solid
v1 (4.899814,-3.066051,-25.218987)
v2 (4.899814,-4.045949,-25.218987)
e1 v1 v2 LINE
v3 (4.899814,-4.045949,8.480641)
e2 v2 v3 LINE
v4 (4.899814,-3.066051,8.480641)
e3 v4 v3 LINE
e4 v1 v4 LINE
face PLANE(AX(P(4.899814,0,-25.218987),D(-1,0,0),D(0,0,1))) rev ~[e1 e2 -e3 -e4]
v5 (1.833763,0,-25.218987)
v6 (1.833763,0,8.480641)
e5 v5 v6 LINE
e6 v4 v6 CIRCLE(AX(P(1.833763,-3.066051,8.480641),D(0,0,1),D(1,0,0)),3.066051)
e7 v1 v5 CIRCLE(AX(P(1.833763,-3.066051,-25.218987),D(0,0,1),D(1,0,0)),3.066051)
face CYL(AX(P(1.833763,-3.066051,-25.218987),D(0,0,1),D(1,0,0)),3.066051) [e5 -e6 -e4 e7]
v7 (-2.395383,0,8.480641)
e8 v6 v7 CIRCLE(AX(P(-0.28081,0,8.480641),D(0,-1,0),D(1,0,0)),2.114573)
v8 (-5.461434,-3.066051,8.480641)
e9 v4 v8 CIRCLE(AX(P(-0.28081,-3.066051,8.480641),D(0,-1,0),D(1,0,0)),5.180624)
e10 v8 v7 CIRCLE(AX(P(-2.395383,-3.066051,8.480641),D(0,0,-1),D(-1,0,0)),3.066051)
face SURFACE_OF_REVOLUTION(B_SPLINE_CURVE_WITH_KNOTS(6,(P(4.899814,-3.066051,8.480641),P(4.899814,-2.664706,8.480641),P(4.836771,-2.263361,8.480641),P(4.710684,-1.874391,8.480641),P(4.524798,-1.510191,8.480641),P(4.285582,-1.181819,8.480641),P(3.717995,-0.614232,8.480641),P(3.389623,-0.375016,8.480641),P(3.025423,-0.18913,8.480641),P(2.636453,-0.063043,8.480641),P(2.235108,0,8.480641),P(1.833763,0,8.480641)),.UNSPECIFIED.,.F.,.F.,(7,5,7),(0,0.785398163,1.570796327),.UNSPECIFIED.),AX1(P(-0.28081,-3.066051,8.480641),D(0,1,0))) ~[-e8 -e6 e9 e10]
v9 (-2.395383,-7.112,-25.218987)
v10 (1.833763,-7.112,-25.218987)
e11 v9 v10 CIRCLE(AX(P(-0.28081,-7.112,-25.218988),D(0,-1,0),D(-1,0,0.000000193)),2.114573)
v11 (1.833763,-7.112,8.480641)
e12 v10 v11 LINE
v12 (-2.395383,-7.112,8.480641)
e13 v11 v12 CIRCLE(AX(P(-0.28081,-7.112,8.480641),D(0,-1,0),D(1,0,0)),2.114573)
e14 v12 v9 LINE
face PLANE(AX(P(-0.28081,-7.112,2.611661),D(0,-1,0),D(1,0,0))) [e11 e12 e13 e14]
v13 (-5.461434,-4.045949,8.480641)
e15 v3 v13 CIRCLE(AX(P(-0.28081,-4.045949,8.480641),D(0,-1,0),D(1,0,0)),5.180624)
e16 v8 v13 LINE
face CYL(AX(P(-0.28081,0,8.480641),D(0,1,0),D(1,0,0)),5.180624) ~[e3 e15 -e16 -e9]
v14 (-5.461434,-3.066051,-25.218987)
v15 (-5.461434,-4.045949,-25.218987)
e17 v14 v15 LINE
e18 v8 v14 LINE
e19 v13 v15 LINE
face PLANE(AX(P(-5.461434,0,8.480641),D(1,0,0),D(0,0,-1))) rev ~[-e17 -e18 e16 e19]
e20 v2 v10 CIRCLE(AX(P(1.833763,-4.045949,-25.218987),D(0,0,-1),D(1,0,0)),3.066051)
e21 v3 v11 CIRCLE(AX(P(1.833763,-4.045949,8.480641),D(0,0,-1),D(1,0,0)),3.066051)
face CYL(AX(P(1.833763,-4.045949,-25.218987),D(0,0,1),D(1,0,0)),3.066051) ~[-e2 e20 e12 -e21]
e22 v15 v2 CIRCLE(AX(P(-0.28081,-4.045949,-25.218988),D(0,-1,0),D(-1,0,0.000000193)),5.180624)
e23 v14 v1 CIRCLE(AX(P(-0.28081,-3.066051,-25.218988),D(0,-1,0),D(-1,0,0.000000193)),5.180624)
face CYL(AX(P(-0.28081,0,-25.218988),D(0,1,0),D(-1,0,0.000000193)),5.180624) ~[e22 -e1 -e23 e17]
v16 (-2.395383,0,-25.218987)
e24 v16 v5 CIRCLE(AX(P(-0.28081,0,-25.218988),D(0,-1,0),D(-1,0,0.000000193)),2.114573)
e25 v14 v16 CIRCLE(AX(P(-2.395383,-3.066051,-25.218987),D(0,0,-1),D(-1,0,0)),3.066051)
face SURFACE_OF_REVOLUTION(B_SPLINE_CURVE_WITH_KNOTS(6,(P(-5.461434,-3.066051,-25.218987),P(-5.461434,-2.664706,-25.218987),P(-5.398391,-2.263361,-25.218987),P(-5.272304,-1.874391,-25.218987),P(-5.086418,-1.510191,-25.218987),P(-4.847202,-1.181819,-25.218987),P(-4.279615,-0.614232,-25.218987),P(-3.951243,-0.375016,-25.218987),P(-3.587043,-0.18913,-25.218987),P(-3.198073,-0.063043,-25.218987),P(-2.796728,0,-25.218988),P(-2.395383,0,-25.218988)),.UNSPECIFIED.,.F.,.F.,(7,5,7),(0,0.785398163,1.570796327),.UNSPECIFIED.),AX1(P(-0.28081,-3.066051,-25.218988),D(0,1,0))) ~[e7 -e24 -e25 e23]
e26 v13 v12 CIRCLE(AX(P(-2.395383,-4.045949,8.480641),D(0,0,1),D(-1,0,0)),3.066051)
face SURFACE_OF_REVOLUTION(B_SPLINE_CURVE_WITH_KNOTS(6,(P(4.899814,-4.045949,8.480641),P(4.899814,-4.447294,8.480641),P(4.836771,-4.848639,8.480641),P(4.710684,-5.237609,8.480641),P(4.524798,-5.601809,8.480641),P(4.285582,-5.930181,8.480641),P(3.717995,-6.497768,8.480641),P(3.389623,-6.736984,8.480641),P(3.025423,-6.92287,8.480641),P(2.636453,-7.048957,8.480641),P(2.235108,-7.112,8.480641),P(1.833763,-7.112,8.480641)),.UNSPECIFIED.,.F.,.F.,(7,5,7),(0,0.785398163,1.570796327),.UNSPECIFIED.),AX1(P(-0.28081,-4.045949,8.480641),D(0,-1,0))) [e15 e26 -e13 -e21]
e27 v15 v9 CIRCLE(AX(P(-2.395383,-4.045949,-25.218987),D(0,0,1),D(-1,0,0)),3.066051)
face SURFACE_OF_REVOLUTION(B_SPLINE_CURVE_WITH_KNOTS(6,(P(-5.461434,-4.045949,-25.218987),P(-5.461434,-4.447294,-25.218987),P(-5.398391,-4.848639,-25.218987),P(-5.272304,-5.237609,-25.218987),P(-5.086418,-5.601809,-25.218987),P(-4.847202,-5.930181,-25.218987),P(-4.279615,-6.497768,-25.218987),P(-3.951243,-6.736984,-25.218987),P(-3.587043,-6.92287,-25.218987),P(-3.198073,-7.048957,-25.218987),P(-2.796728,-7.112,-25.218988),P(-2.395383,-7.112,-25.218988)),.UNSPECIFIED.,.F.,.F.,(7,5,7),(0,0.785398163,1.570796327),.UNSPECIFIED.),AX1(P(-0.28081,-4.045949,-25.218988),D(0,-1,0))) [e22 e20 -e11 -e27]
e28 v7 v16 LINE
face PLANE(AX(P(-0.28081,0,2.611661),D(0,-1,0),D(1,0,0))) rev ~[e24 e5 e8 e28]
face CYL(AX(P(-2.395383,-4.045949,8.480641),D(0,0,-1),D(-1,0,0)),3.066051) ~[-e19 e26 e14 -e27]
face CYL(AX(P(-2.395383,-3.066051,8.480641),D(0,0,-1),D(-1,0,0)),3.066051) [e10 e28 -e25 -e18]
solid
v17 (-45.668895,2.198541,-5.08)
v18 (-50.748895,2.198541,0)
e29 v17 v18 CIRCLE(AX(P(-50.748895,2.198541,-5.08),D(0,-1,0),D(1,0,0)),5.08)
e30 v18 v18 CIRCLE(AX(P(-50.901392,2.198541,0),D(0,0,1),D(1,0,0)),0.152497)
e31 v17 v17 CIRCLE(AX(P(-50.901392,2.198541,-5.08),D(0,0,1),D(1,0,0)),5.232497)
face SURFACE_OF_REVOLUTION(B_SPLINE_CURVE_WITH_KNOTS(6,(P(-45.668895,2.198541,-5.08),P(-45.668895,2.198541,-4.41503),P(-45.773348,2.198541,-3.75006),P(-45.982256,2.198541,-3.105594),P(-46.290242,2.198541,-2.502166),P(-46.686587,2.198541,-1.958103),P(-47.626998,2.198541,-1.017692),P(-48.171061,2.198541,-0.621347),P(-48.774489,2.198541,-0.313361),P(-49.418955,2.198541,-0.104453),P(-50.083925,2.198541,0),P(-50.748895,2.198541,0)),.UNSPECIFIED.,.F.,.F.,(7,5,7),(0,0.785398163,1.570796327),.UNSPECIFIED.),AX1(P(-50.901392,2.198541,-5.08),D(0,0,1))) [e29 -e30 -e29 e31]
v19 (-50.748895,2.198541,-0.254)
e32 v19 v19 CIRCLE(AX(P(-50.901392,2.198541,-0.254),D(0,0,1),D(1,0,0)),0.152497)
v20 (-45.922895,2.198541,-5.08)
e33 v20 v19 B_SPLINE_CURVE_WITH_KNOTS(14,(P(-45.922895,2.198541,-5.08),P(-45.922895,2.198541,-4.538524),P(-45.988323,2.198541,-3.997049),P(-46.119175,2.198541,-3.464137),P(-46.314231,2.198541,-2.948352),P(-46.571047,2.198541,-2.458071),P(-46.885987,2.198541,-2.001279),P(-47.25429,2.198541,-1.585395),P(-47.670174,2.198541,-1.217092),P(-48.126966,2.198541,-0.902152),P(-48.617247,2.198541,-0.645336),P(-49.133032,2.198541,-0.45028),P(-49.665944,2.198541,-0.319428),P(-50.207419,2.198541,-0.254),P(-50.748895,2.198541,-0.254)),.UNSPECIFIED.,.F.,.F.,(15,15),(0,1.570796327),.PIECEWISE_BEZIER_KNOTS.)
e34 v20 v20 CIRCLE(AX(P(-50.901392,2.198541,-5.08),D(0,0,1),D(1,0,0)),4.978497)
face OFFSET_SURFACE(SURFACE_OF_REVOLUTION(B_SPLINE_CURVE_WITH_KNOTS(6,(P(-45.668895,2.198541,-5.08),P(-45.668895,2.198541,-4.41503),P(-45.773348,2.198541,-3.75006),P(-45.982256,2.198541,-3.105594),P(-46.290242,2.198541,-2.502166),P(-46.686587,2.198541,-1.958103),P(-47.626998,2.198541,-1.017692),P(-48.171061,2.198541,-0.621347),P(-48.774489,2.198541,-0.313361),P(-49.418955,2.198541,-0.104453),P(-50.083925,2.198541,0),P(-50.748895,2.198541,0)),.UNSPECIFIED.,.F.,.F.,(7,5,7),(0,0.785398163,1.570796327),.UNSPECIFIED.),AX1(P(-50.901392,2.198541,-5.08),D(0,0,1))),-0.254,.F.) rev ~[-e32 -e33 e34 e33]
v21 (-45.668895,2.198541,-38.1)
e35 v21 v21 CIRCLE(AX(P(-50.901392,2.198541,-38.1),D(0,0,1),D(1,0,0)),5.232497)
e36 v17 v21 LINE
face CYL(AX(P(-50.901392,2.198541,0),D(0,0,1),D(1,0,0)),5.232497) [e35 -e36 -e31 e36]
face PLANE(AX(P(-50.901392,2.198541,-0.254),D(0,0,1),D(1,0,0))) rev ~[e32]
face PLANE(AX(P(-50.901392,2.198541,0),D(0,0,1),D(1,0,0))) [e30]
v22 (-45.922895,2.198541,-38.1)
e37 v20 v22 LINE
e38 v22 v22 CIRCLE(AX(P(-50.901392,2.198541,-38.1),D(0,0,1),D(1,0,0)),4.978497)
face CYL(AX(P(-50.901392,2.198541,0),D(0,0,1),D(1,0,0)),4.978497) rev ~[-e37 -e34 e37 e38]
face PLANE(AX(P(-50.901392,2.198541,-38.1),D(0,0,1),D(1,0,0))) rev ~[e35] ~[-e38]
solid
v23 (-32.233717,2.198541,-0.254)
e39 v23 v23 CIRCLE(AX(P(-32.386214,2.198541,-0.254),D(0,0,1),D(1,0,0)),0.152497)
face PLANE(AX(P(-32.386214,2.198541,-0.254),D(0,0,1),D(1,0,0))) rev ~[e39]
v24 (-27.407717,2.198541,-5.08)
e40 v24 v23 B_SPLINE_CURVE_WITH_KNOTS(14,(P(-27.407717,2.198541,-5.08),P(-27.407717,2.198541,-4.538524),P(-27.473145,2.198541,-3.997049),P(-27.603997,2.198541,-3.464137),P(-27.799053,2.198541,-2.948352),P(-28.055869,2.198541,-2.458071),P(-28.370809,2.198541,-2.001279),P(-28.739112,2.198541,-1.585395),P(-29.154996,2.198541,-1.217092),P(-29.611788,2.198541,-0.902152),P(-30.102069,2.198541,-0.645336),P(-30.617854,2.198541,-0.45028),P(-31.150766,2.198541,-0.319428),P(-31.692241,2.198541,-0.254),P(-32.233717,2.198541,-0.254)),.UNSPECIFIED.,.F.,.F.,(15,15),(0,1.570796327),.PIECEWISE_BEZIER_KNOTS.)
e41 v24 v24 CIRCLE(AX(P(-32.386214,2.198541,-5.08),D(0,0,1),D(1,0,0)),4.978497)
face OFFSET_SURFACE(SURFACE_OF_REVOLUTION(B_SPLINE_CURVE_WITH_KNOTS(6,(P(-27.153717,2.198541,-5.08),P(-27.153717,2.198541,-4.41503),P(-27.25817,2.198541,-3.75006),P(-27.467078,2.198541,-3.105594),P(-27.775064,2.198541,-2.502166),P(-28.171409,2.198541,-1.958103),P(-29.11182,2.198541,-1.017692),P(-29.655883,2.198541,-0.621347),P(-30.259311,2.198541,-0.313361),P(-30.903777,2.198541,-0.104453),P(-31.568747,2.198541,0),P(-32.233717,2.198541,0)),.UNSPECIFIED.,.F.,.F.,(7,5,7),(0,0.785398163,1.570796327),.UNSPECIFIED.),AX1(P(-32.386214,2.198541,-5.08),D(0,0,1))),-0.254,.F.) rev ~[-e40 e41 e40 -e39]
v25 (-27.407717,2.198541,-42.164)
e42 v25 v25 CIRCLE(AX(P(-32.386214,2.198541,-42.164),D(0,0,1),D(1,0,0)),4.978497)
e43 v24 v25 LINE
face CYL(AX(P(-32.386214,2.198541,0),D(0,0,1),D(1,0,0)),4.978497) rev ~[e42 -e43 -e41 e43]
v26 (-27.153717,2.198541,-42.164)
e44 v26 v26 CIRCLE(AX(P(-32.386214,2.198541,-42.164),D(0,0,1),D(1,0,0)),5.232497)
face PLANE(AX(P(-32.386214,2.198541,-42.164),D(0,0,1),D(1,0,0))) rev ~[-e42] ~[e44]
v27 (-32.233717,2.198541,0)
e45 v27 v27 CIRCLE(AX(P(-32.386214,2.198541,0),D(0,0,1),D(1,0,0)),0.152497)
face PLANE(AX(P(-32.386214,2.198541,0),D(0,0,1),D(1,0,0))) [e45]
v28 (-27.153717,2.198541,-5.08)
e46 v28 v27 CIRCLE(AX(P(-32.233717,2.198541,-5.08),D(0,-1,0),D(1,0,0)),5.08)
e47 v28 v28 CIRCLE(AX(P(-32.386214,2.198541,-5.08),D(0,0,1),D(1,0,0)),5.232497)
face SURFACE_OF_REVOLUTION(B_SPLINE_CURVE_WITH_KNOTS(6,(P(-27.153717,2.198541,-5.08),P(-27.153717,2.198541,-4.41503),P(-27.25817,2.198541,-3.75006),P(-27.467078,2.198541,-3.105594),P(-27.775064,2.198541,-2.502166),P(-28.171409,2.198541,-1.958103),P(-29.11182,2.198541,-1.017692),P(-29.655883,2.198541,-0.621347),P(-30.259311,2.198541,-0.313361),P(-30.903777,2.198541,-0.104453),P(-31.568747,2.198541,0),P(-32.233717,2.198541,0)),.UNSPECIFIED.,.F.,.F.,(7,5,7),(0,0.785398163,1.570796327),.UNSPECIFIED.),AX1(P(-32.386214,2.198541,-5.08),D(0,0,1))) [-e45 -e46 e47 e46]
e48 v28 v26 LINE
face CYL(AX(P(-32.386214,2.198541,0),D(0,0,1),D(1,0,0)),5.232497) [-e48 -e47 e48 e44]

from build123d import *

# Parameters (mm, degrees)
F1_DEPTH = 7.112
F2_R     = 3.066051
F3_R     = 5.232497
F4_DEPTH = 42.164
F5_R     = 5.08
F6_T     = -0.254
F7_DEPTH = 38.1
F8_R     = 5.08
F9_T     = -0.254


with BuildPart() as f1:
    # F0 (on Front) → F1 (new body)
    with BuildSketch(Plane.XZ):
        with BuildLine():
            Line((-5.461434, 8.480641), (-5.461434, -6.32129))
            ThreePointArc((-5.461434, -6.32129), (-0.28081, -1.140666), (4.899814, -6.32129))
            Line((4.899814, -6.32129), (4.899814, 0.661517))
            Line((4.899814, 0.661517), (4.899814, 8.480641))
            ThreePointArc((4.899814, 8.480641), (-0.28081, 13.661265), (-5.461434, 8.480641))
        make_face()
        with BuildLine():
            ThreePointArc((4.899814, -6.32129), (-0.28081, -1.140666), (-5.461434, -6.32129))
            Line((-5.461434, -6.32129), (4.899814, -6.32129))
        make_face()
        with BuildLine():
            Line((4.899814, -6.32129), (-5.461434, -6.32129))
            ThreePointArc((-5.461434, -6.32129), (-0.28081, -11.501914), (4.899814, -6.32129))
        make_face()
        with BuildLine():
            Line((-5.461434, -6.32129), (-5.461434, -25.218987))
            ThreePointArc((-5.461434, -25.218987), (-0.28081, -30.399612), (4.899814, -25.218987))
            Line((4.899814, -25.218987), (4.899814, -6.32129))
            ThreePointArc((4.899814, -6.32129), (-0.28081, -11.501914), (-5.461434, -6.32129))
        make_face()
    extrude(amount=F1_DEPTH)

    # F2
    f2_edges = [f1.edges().sort_by_distance(p)[0] for p in [
        (4.899814, -7.112, -8.369173),
        (4.899814, 0, -8.369173),
        (-5.461434, 0, -8.369173),
    ]]
    fillet(f2_edges, radius=F2_R)


with BuildPart() as f4:
    # F3 (on Top) → F4 (new body)
    with BuildSketch(Plane.XY):
        with Locations((-32.386214, 2.198541)):
            Circle(F3_R)
    extrude(amount=-F4_DEPTH)

    # F5
    f5_edges = [f4.edges().sort_by_distance(p)[0] for p in [
        (-37.618711, 2.198541, 0),
    ]]
    fillet(f5_edges, radius=F5_R)

    # F6
    f6_openings = [f4.faces().sort_by_distance(p)[0] for p in [
        (-32.386214, 2.198541, -42.164),
    ]]
    offset(amount=F6_T, openings=f6_openings)


with BuildPart() as f7:
    # F3 (on Top) → F7 (new body)
    with BuildSketch(Plane.XY):
        with Locations((-50.901392, 2.198541)):
            Circle(F3_R)
    extrude(amount=-F7_DEPTH)

    # F8
    f8_edges = [f7.edges().sort_by_distance(p)[0] for p in [
        (-56.13389, 2.198541, 0),
    ]]
    fillet(f8_edges, radius=F8_R)

    # F9
    f9_openings = [f7.faces().sort_by_distance(p)[0] for p in [
        (-50.901392, 2.198541, -38.1),
    ]]
    offset(amount=F9_T, openings=f9_openings)


solid = Compound([f1.part, f4.part, f7.part])
